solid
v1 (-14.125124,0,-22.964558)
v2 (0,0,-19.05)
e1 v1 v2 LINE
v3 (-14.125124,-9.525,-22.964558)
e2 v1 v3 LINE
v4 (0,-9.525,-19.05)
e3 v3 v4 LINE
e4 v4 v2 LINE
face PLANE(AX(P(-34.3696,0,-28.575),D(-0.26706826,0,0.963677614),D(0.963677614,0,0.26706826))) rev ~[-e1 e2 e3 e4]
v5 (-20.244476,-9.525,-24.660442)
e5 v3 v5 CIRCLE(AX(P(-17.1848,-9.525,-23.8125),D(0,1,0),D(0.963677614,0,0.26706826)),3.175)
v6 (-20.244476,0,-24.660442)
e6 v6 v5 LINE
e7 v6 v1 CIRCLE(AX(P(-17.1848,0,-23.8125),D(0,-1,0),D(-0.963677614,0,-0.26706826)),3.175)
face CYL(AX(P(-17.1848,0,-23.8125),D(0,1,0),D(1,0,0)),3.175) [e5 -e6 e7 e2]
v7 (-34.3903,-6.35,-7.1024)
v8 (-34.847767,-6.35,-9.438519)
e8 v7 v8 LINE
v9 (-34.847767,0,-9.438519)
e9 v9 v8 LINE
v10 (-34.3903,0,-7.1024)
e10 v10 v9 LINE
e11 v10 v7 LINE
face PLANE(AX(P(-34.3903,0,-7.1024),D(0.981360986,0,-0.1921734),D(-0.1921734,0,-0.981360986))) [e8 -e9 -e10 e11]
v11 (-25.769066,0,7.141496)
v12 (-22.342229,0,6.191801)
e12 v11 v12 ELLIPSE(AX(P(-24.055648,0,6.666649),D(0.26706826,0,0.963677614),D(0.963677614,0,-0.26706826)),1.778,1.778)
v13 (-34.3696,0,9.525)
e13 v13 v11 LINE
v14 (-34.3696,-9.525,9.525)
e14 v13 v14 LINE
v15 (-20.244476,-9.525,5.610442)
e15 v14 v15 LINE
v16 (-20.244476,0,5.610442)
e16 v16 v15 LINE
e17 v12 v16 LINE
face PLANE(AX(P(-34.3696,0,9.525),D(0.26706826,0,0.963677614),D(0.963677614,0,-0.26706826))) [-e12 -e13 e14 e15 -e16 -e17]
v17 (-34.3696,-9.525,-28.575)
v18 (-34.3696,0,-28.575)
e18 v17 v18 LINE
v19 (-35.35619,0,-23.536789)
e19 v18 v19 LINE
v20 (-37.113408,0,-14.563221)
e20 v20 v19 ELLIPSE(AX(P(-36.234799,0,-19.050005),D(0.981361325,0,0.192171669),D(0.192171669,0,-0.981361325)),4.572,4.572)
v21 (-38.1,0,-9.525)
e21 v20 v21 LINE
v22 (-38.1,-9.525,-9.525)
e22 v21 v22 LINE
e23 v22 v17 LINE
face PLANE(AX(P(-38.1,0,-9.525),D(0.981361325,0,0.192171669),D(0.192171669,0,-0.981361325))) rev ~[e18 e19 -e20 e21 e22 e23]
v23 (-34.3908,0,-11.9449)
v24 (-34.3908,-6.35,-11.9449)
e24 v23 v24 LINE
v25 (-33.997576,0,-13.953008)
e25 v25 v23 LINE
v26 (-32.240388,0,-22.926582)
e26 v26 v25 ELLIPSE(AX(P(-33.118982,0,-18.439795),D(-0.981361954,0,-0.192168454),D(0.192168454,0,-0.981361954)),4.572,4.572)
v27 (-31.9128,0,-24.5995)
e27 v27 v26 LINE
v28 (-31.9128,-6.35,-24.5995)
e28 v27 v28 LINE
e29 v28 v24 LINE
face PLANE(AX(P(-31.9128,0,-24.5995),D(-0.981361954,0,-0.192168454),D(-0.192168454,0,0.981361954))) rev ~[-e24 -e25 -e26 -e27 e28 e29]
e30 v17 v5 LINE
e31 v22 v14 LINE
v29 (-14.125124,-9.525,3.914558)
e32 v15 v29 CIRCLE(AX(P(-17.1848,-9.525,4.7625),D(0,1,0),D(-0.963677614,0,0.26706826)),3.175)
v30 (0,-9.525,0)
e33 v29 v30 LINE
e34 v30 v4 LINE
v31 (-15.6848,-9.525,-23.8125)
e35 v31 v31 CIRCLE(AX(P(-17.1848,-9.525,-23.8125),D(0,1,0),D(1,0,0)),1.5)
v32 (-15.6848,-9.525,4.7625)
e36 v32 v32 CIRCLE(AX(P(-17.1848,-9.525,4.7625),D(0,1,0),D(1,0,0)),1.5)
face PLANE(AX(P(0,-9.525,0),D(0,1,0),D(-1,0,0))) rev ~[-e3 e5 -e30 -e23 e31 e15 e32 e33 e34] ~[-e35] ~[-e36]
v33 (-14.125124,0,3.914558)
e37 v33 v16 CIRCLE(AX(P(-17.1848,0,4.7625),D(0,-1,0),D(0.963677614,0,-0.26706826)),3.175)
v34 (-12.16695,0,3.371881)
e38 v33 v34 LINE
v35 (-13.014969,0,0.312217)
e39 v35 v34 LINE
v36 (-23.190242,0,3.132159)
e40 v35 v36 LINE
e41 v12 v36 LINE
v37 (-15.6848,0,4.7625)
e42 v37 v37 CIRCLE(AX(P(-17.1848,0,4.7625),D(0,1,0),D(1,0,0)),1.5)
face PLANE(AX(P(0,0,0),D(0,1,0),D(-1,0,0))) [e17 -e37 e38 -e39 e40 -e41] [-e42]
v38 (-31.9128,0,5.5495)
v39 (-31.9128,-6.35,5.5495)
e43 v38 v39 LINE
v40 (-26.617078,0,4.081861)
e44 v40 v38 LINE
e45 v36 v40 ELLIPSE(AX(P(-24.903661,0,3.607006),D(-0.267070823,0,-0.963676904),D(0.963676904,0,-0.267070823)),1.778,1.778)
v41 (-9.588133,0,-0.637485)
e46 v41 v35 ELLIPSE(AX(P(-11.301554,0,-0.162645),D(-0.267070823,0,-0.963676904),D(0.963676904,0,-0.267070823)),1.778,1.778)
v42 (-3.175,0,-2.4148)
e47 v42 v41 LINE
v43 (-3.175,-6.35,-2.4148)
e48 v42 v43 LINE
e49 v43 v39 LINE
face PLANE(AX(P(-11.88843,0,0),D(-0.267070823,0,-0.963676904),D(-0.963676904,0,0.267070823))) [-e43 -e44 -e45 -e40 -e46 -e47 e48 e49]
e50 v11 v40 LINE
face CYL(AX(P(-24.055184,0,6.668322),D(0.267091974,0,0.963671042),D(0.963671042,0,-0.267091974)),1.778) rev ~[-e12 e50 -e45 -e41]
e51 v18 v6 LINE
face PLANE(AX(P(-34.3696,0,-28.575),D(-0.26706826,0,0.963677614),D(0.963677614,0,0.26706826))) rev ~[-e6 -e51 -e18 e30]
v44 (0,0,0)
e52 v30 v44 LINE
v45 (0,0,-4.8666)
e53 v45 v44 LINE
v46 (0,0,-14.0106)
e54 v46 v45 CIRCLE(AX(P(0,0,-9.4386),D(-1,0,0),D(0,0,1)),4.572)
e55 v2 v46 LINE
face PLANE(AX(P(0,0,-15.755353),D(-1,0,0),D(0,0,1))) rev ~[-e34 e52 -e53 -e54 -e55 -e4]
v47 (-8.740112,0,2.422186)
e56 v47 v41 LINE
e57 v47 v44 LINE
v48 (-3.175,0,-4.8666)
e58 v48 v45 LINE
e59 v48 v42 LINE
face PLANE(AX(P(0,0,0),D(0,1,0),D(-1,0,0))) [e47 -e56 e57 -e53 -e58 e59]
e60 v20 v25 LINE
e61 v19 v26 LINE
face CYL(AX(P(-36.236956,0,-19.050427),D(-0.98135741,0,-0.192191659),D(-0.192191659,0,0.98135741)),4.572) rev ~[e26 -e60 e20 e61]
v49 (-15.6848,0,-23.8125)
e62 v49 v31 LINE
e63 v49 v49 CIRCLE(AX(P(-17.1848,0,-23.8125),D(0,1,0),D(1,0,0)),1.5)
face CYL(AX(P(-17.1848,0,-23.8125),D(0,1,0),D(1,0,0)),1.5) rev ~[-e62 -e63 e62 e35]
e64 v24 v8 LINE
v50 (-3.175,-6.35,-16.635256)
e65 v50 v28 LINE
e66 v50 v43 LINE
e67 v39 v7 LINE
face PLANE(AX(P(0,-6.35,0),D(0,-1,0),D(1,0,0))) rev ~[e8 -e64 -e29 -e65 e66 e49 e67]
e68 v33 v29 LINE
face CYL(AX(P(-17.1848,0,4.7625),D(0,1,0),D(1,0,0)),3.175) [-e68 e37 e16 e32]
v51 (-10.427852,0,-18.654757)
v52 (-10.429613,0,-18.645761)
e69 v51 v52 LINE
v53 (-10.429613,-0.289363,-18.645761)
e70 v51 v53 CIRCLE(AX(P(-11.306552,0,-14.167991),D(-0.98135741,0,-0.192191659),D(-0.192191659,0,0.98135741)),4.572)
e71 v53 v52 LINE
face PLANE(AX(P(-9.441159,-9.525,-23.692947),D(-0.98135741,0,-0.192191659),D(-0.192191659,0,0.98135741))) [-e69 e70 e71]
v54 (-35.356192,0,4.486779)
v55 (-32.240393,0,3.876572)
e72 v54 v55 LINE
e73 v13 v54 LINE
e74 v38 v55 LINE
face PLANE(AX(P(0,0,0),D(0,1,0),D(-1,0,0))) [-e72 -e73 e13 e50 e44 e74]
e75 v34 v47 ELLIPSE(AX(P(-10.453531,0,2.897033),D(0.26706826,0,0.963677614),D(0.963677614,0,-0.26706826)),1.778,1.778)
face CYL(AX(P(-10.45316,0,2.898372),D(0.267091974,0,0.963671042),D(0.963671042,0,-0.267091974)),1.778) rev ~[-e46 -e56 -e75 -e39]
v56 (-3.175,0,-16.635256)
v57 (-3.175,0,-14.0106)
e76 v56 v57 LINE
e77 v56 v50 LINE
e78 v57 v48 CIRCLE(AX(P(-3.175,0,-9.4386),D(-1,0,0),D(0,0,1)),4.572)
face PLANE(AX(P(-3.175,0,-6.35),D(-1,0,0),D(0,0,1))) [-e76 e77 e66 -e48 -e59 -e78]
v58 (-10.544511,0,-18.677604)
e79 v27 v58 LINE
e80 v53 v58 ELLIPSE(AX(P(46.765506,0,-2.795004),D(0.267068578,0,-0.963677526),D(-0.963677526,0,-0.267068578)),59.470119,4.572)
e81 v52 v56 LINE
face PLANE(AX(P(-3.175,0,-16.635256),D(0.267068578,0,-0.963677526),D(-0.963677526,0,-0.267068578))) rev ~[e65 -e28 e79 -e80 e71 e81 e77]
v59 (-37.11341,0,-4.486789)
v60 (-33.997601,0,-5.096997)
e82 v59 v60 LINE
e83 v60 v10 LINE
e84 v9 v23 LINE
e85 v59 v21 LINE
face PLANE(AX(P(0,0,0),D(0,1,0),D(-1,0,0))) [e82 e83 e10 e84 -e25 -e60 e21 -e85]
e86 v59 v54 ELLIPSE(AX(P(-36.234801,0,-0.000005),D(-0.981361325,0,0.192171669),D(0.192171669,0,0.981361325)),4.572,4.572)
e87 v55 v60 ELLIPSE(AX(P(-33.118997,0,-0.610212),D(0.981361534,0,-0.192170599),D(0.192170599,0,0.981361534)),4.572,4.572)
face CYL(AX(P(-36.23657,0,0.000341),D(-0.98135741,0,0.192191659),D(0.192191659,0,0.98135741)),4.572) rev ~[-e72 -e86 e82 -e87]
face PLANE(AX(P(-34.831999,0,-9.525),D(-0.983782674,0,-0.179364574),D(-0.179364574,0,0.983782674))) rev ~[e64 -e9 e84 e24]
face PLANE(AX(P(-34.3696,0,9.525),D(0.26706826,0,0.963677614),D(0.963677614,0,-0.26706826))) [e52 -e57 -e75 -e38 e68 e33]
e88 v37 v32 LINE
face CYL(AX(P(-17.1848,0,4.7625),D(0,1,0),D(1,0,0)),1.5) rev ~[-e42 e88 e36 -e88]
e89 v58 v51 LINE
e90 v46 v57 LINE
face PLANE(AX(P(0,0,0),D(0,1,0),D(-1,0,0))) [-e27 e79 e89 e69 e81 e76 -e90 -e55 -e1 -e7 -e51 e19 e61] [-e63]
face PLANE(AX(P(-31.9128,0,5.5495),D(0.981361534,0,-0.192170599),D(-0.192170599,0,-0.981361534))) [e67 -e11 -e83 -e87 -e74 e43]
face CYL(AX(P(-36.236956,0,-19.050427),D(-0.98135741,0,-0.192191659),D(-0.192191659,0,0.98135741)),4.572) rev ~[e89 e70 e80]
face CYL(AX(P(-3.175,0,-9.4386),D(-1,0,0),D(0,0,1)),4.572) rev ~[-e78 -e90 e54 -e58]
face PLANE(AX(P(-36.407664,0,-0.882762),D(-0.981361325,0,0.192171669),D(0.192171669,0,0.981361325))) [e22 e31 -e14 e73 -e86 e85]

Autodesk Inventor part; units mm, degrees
ref_plane "YZ Plane" through (0, 0, 0) normal (1, 0, 0) x (0, 1, 0)
ref_plane "XZ Plane" through (0, 0, 0) normal (0, 1, 0) x (-1, 0, 0)
ref_plane "XY Plane" through (0, 0, 0) normal (0, 0, 1) x (1, 0, 0)
sketch "Sketch1" plane through (0, 0, 0) normal (0, 1, 0) x (-1, 0, 0)
  line L0 (0, 0) -> (25.4, 0)
  line L1 (25.4, 0) -> (25.4, -19.05)
  line L2 (25.4, -19.05) -> (0, -19.05)
  line L3 (0, -19.05) -> (0, 0)
  line L4 (25.4, -9.525) -> (38.1, -9.525)
  line L5 (38.1, -9.525) -> (34.3696, 9.525)
  line L6 (34.3696, 9.525) -> (0, 0)
  line L7 (38.1, -9.525) -> (34.3696, -28.575)
  line L8 (34.3696, -28.575) -> (0, -19.05)
  line L9 (-0.8514, -15.5194) -> (31.9128, -24.5995)
  line L10 (31.9128, -24.5995) -> (34.3908, -11.9449)
  line L11 (1.5358, -2.8691) -> (31.9128, 5.5495)
  line L12 (31.9128, 5.5495) -> (34.3903, -7.1024)
  line L13 (3.175, -19.05) -> (3.175, -6.35)
  line L14 (34.3908, -11.9449) -> (38.1, 8.3994)
  line L15 (34.3903, -7.1024) -> (39.9584, -35.5367)
  line L16 (3.175, -6.35) -> (3.175, -2.4148)
  point P0 (3.175, -19.05)
  point P1 (3.175, 0)
  point P2 (11.8883, 0)
  point P3 (34.7909, -6.35)
  point P4 (11.8883, -19.05)
  point P5 (3.175, -16.6352)
  point P6 (3.175, -2.6421)
  point P7 (0, -15.7553)
  point P8 (34.8478, -9.4386)
  dimension "d0" = 25.4
  dimension "d1" = 19.05
  dimension "d2" = 12.7
  dimension "d3" = 19.05
  dimension "d4" = 3.175
  dimension "d5" = 3.175
  dimension "d6" = 3.175
extrude "Extrusion1" add sketch "Sketch1" against normal blind 9.525 contours L6 L5 L14 L15 L12 L11 L0 | L0 L11 L16 L13 L9 L3 | L9 L13 L2 L3 | L2 L9 L10 L14 L4 L15 L7 L8 | L9 L2 L13 | L5 L4 L15 L14 | L7 L15 L4 | L15 L4 L14
sketch "Sketch3" plane through (-38.1, -9.525, -9.525) normal (-0.9814, 0, 0.1922) x (0.1922, 0, 0.9814)
  line L0 (0, 9.525) -> (19.4118, 9.525) projected
  circle A0 centre (9.7059, 9.525) radius 4.572
  point P0 (16.6692, 9.525)
  point P1 (14.2779, 9.525)
  point P2 (5.1339, 9.525)
  dimension "d12" = 9.144
extrude "Extrusion3" cut sketch "Sketch3" against normal blind 25.4 contours L0 A0 picked at (10.7462, 7.5625)
sketch "Sketch4" plane through (-34.3696, -9.525, -28.575) normal (-0.9814, 0, -0.1922) x (-0.1922, 0, 0.9814)
  line L0 (0, 9.525) -> (19.4118, 9.525) projected
  circle A0 centre (9.7059, 9.525) radius 4.572
  point P0 (21.4375, 9.525)
  point P1 (14.2779, 9.525)
  point P2 (5.1339, 9.525)
  dimension "d15" = 9.144
extrude "Extrusion4" cut sketch "Sketch4" against normal blind 25.4 contours L0 A0 picked at (10.7462, 7.5625)
sketch "Sketch5" plane through (-3.175, 0, -16.6352) normal (-1, 0, 0) x (0, 0, 1)
  line L0 (7.1966, 0) -> (4.6903, 0) projected
  circle A0 centre (7.1966, 0) radius 4.572
  point P0 (16.6352, 0)
  dimension "d18" = 9.144
extrude "Extrusion5" cut sketch "Sketch5" against normal blind 9.525
sketch "Sketch6" plane through (0, -9.525, 0) normal (0, -1, 0) x (1, 0, 0)
  line L0 (-34.3696, -28.575) -> (0, -19.05) projected
  line L1 (0, -19.05) -> (0, 0) projected
  line L2 (0, 0) -> (-34.3696, 9.525) projected
  line L3 (-34.3696, 9.525) -> (-38.1, -9.525) projected
  line L4 (-38.1, -9.525) -> (-34.3696, -28.575) projected
  line L5 (-3.175, -2.4148) -> (-3.175, -16.6352) projected
  line L6 (-3.175, -16.6352) -> (-31.9128, -24.5995) projected
  line L7 (-31.9128, -24.5995) -> (-34.3908, -11.9449) projected
  line L8 (-34.3908, -11.9449) -> (-34.8478, -9.4386) projected
  line L9 (-34.8478, -9.4386) -> (-31.9128, 5.5495) projected
  line L10 (-31.9128, 5.5495) -> (-3.175, -2.4148) projected
extrude "Extrusion6" add sketch "Sketch6" against normal blind 3.175 contours L4 L3 L2 L1 L0 | L5 L6 L7 L8 L9 L10
sketch "Sketch7" plane through (0, 0, 0) normal (0, 1, 0) x (1, 0, 0)
  line L0 (-34.3696, -9.525) -> (0, 0) projected
  circle A0 centre (-17.1848, -4.7625) radius 3.175
  line L1 (-10.5511, 0.3706) -> (-31.9128, -5.5495) projected
  line L2 (-34.3696, 28.575) -> (0, 19.05) projected
  circle A1 centre (-17.1848, 23.8125) radius 3.175
  line L3 (-31.9128, 24.5995) -> (-10.5511, 18.6794) projected
  point P0 (-20.2445, 24.6604)
  point P1 (-14.1251, 22.9646)
  point P2 (-14.1251, -3.9146)
  point P3 (-20.2445, -5.6104)
extrude "Extrusion7" add sketch "Sketch7" against normal blind 9.525 contours L0 A0 | A1 L2 picked at (-16.7975, -6.2491) picked at (-16.3793, 25.0421)
sketch "Sketch8" plane through (0, 0, 0) normal (0, 1, 0) x (1, 0, 0)
  arc A0 (-14.1251, 22.9646) -> (-20.2445, 24.6604) centre (-17.1848, 23.8125) ccw projected
  circle A1 centre (-17.1848, 23.8125) radius 1.5
  arc A2 (-20.2445, -5.6104) -> (-14.1251, -3.9146) centre (-17.1848, -4.7625) ccw projected
  circle A3 centre (-17.1848, -4.7625) radius 1.5
  point P0 (0, 0)
  dimension "d25" = 3
  dimension "d26" = 3
extrude "Extrusion8" cut sketch "Sketch8" against normal blind 9.525
sketch "Sketch10" plane through (-34.3696, -9.525, 9.525) normal (0.2671, 0, 0.9637) x (0.9637, 0, -0.2671)
  line L0 (25.5962, 9.525) -> (3.4293, 9.525) projected
  circle A0 centre (10.7027, 9.525) radius 1.778
  circle A1 centre (24.8175, 9.525) radius 1.778
  line L1 (21.0075, 9.525) -> (21.0075, 0) projected
  point P0 (35.665, 9.525)
  point P1 (14.5127, 9.525)
  point P2 (8.9247, 9.525)
  point P3 (12.4807, 9.525)
  dimension "d29" = 3.556
  dimension "d30" = 3.556
  dimension "d31" = 3.81
  dimension "d32" = 3.81
extrude "Extrusion9" cut sketch "Sketch10" against normal blind 9.525 contours A0 L0 | A1 picked at (11.0394, 9.0372)
properties part number "powerFromBatterySplitHousing"
